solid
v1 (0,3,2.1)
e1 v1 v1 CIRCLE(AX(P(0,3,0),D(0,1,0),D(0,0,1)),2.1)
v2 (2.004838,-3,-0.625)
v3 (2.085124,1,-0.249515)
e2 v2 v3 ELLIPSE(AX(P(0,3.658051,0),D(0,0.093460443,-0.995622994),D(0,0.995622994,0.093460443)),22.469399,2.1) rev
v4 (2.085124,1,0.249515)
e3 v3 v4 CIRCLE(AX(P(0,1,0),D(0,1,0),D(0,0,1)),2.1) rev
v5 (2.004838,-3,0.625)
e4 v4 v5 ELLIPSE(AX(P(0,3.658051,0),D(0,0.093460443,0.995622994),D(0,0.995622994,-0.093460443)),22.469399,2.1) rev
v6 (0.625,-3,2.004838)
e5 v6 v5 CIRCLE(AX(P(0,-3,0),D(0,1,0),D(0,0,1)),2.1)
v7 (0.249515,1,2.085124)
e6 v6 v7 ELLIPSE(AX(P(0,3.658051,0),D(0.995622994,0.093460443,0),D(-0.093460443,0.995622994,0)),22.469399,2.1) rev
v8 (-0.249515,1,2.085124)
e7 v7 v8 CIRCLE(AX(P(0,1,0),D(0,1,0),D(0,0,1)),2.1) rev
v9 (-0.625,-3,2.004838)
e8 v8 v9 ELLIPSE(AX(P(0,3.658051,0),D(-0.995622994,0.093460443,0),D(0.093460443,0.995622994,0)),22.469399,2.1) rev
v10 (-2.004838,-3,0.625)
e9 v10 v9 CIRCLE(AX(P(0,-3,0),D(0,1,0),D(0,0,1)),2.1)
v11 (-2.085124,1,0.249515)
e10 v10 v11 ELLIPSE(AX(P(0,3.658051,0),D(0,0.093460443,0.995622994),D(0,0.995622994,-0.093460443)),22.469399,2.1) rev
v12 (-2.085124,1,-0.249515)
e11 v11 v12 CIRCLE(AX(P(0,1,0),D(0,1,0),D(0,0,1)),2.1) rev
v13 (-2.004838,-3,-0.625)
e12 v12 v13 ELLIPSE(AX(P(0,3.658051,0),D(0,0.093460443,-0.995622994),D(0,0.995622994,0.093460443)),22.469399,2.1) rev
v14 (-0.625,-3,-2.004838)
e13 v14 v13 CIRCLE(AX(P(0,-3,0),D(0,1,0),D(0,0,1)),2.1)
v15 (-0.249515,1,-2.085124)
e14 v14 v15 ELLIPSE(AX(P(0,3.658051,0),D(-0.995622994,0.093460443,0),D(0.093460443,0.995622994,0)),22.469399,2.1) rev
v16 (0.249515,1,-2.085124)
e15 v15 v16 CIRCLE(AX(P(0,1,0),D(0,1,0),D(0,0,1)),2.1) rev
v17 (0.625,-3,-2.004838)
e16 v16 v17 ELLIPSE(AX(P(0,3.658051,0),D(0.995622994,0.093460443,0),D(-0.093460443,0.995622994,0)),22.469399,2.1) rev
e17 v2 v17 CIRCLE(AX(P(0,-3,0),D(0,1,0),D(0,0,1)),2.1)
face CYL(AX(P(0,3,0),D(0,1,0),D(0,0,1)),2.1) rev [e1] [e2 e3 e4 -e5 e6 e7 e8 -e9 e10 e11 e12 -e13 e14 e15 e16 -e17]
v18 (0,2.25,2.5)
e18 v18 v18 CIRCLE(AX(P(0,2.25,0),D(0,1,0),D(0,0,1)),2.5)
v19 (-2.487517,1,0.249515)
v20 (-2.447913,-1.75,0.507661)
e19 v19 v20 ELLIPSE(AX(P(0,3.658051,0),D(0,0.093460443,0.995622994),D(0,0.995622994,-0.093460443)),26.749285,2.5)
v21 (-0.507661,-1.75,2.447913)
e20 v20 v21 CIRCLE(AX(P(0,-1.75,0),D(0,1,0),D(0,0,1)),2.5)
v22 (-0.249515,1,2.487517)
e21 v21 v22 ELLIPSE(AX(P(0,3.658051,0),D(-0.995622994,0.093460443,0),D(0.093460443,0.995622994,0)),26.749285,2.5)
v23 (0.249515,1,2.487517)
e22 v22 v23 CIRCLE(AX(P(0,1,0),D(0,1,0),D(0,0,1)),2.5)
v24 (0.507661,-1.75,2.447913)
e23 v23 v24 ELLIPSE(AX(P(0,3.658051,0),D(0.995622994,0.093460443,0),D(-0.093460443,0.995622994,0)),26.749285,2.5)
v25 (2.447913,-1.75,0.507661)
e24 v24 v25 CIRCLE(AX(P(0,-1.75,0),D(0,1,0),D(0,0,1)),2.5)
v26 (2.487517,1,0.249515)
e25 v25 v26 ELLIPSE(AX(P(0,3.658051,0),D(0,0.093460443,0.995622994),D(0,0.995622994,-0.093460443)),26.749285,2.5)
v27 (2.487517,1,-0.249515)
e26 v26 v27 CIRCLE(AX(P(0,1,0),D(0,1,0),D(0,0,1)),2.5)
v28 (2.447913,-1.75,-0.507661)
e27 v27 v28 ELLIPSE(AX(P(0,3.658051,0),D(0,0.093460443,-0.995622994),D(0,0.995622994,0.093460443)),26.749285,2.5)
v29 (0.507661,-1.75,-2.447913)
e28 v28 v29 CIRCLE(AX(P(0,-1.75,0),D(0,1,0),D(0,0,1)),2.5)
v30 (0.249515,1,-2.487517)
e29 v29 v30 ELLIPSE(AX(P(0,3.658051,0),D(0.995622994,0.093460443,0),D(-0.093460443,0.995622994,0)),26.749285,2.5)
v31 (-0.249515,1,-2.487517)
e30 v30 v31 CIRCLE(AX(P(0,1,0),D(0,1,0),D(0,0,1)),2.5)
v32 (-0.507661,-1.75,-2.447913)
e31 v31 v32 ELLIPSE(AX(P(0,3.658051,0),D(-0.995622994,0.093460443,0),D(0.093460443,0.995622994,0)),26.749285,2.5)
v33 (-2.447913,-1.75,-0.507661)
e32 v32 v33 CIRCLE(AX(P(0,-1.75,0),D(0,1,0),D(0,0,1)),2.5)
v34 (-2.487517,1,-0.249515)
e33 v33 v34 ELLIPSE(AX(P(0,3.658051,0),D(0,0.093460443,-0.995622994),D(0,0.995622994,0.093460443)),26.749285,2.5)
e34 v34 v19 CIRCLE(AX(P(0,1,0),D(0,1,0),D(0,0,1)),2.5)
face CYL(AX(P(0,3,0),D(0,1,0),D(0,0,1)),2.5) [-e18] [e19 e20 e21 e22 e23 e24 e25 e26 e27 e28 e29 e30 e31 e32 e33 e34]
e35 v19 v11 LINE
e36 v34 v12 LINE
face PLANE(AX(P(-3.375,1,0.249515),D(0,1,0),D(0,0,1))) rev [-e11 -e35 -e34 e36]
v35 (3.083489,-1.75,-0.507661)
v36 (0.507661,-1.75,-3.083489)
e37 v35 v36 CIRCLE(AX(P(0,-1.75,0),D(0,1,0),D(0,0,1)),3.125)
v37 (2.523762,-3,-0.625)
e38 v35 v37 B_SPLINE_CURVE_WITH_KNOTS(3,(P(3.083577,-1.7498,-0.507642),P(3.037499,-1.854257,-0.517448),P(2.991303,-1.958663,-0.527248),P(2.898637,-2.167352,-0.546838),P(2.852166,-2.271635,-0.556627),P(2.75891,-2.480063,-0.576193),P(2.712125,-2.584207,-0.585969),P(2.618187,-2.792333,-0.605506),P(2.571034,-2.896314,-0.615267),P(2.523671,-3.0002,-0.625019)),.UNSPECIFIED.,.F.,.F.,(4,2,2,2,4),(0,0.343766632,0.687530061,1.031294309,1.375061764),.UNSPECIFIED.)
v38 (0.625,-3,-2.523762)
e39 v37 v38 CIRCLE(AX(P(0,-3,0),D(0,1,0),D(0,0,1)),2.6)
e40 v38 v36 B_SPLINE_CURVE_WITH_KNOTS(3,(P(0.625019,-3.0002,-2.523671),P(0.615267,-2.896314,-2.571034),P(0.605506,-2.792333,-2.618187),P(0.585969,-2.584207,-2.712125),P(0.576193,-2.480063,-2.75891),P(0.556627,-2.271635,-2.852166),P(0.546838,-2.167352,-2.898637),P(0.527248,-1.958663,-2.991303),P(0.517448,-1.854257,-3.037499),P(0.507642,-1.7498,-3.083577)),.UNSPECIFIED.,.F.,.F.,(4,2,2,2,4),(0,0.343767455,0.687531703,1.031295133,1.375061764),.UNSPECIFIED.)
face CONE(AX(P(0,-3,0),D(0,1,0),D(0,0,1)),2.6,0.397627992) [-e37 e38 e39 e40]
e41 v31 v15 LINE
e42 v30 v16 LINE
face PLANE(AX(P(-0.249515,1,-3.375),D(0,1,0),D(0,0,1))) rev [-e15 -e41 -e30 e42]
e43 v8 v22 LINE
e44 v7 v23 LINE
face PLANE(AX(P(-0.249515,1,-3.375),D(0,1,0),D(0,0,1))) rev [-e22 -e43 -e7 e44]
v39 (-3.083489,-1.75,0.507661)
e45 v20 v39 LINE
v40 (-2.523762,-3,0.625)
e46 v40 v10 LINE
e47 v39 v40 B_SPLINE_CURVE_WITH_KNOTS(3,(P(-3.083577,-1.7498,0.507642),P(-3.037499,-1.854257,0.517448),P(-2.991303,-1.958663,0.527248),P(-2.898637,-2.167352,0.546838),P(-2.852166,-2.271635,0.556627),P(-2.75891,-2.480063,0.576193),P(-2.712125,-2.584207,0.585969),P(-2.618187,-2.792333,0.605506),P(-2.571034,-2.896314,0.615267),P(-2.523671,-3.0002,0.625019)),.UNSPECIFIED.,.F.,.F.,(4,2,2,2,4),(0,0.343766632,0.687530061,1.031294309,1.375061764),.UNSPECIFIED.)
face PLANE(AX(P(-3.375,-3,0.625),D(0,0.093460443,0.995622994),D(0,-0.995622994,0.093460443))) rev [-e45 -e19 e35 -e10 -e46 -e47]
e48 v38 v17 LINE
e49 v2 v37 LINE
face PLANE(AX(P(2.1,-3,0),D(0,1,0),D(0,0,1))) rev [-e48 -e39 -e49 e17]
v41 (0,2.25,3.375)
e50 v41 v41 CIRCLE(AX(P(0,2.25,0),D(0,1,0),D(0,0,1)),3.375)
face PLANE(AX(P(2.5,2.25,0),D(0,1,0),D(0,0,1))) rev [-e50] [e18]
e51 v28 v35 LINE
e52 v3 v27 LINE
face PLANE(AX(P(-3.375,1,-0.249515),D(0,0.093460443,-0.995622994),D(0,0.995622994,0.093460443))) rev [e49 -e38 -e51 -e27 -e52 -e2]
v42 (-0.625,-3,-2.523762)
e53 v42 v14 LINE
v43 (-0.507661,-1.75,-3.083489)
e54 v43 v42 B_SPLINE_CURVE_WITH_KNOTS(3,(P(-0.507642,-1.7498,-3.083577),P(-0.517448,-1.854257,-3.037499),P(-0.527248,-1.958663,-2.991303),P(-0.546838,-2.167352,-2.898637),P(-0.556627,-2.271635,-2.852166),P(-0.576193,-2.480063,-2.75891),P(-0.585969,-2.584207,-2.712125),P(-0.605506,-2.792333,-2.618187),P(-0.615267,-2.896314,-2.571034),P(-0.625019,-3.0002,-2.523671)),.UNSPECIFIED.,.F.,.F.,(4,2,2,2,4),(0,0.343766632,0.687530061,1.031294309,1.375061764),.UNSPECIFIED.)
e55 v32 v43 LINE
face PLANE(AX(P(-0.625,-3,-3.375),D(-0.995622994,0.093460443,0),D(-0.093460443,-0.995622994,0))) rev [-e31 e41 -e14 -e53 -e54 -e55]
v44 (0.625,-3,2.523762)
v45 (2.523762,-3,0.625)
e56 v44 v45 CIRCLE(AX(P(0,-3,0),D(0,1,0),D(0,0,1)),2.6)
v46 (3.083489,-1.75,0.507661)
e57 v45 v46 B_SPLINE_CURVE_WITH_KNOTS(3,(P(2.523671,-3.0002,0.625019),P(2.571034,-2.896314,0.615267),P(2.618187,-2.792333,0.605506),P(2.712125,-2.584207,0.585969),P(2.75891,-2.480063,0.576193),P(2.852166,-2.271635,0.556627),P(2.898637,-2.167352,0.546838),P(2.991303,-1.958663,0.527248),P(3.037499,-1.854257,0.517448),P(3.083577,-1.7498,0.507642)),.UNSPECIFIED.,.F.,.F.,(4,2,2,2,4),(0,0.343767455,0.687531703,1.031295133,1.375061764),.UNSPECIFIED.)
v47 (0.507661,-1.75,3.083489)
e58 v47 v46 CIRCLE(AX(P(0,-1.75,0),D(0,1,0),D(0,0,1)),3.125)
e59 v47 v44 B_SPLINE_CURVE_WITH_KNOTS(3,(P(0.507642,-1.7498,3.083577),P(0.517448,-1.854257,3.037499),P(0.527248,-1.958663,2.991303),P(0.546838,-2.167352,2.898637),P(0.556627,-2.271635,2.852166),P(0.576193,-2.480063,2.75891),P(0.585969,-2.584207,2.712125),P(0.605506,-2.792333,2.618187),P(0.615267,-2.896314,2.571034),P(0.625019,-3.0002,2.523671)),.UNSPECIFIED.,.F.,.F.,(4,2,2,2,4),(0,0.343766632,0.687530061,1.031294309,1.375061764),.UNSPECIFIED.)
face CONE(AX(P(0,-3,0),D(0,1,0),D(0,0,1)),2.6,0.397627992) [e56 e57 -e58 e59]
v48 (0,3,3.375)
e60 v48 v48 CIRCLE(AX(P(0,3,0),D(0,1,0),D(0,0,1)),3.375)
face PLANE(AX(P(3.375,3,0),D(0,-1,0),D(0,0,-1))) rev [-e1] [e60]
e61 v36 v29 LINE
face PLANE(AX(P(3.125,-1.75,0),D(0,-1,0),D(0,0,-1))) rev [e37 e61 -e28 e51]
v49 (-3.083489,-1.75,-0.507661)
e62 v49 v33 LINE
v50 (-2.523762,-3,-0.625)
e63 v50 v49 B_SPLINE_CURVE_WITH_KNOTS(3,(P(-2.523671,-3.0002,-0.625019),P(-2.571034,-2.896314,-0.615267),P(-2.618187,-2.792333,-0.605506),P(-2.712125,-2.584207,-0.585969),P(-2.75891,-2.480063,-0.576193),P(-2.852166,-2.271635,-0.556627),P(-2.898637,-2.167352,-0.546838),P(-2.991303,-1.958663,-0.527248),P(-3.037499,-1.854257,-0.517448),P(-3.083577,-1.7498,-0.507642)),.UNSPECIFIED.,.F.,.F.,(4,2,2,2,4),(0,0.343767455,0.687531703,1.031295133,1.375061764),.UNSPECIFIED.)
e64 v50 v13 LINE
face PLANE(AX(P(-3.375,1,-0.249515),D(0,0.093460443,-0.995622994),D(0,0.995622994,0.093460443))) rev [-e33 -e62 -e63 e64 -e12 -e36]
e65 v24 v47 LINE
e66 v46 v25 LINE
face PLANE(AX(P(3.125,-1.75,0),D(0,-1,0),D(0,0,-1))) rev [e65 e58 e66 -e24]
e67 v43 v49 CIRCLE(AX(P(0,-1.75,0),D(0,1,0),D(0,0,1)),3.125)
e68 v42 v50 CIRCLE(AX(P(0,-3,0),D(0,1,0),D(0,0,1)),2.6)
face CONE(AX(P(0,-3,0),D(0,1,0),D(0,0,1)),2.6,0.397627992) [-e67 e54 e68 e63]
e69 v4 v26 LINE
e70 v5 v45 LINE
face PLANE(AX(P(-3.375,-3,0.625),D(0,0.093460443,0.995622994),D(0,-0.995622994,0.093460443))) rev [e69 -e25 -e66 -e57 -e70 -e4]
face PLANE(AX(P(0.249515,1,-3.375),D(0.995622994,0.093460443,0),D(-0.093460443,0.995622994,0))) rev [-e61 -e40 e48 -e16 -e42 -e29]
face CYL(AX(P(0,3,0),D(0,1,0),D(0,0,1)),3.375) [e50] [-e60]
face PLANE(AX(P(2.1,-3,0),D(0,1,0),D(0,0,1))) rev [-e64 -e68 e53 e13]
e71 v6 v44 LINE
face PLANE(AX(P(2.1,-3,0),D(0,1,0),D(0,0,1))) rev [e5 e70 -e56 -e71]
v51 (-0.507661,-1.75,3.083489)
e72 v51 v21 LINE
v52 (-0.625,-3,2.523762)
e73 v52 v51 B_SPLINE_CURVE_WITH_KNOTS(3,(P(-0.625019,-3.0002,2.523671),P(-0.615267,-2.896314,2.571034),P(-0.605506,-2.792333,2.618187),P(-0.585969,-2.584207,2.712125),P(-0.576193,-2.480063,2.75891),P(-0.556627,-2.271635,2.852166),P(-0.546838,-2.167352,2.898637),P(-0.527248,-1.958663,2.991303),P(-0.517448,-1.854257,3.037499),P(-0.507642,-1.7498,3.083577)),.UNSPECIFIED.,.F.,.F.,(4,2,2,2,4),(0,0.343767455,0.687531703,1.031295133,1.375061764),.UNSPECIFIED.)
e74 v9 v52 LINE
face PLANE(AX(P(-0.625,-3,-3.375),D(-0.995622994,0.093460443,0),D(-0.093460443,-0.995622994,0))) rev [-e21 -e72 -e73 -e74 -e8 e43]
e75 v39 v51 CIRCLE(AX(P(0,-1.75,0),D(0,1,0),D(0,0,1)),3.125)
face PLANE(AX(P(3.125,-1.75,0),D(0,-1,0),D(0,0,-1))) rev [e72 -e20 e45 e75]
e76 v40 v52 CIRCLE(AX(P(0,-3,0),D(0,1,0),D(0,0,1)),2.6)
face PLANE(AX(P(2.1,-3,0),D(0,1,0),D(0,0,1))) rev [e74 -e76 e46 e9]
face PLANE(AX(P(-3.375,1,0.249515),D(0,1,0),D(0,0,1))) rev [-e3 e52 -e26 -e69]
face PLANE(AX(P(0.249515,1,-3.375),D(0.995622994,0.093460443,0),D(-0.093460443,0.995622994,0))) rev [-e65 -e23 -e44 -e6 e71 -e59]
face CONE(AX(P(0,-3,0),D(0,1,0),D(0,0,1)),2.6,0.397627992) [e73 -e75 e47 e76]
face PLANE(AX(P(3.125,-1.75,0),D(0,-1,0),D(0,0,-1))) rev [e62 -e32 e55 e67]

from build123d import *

# Parameters (mm, degrees)
CUT_EXTRUDE1_DEPTH = 4.375
CIRPATTERN1_COUNT  = 4


with BuildPart() as part:
    # Sketch1 → Revolve1 (revolve)
    with BuildSketch(Plane.XY):
        Polygon((2.1, 3), (2.1, -3), (2.6, -3), (3.125, -1.75), (2.5, -1.75), (2.5, 2.25), (3.375, 2.25), (3.375, 3), align=None)
    revolve(axis=Axis((0, 3, 0), (0, -1, 0)))

    # Sketch2 → Cut-Extrude1 (cut, symmetric)
    with BuildSketch(Plane.XY):
        Polygon((-0.249514725, 1), (0.249514725, 1), (0.625, -3), (-0.625, -3), align=None)
    cut_extrude1 = extrude(amount=CUT_EXTRUDE1_DEPTH, both=True, mode=Mode.SUBTRACT)

    # CirPattern1: Cut-Extrude1 ×4 about axis
    cirpattern1_axis = Axis((0, 3, 0), (0, 1, 0))
    for i in range(1, CIRPATTERN1_COUNT):
        add(cut_extrude1.rotate(cirpattern1_axis, i * 360 / CIRPATTERN1_COUNT), mode=Mode.SUBTRACT)


solid = part.part
